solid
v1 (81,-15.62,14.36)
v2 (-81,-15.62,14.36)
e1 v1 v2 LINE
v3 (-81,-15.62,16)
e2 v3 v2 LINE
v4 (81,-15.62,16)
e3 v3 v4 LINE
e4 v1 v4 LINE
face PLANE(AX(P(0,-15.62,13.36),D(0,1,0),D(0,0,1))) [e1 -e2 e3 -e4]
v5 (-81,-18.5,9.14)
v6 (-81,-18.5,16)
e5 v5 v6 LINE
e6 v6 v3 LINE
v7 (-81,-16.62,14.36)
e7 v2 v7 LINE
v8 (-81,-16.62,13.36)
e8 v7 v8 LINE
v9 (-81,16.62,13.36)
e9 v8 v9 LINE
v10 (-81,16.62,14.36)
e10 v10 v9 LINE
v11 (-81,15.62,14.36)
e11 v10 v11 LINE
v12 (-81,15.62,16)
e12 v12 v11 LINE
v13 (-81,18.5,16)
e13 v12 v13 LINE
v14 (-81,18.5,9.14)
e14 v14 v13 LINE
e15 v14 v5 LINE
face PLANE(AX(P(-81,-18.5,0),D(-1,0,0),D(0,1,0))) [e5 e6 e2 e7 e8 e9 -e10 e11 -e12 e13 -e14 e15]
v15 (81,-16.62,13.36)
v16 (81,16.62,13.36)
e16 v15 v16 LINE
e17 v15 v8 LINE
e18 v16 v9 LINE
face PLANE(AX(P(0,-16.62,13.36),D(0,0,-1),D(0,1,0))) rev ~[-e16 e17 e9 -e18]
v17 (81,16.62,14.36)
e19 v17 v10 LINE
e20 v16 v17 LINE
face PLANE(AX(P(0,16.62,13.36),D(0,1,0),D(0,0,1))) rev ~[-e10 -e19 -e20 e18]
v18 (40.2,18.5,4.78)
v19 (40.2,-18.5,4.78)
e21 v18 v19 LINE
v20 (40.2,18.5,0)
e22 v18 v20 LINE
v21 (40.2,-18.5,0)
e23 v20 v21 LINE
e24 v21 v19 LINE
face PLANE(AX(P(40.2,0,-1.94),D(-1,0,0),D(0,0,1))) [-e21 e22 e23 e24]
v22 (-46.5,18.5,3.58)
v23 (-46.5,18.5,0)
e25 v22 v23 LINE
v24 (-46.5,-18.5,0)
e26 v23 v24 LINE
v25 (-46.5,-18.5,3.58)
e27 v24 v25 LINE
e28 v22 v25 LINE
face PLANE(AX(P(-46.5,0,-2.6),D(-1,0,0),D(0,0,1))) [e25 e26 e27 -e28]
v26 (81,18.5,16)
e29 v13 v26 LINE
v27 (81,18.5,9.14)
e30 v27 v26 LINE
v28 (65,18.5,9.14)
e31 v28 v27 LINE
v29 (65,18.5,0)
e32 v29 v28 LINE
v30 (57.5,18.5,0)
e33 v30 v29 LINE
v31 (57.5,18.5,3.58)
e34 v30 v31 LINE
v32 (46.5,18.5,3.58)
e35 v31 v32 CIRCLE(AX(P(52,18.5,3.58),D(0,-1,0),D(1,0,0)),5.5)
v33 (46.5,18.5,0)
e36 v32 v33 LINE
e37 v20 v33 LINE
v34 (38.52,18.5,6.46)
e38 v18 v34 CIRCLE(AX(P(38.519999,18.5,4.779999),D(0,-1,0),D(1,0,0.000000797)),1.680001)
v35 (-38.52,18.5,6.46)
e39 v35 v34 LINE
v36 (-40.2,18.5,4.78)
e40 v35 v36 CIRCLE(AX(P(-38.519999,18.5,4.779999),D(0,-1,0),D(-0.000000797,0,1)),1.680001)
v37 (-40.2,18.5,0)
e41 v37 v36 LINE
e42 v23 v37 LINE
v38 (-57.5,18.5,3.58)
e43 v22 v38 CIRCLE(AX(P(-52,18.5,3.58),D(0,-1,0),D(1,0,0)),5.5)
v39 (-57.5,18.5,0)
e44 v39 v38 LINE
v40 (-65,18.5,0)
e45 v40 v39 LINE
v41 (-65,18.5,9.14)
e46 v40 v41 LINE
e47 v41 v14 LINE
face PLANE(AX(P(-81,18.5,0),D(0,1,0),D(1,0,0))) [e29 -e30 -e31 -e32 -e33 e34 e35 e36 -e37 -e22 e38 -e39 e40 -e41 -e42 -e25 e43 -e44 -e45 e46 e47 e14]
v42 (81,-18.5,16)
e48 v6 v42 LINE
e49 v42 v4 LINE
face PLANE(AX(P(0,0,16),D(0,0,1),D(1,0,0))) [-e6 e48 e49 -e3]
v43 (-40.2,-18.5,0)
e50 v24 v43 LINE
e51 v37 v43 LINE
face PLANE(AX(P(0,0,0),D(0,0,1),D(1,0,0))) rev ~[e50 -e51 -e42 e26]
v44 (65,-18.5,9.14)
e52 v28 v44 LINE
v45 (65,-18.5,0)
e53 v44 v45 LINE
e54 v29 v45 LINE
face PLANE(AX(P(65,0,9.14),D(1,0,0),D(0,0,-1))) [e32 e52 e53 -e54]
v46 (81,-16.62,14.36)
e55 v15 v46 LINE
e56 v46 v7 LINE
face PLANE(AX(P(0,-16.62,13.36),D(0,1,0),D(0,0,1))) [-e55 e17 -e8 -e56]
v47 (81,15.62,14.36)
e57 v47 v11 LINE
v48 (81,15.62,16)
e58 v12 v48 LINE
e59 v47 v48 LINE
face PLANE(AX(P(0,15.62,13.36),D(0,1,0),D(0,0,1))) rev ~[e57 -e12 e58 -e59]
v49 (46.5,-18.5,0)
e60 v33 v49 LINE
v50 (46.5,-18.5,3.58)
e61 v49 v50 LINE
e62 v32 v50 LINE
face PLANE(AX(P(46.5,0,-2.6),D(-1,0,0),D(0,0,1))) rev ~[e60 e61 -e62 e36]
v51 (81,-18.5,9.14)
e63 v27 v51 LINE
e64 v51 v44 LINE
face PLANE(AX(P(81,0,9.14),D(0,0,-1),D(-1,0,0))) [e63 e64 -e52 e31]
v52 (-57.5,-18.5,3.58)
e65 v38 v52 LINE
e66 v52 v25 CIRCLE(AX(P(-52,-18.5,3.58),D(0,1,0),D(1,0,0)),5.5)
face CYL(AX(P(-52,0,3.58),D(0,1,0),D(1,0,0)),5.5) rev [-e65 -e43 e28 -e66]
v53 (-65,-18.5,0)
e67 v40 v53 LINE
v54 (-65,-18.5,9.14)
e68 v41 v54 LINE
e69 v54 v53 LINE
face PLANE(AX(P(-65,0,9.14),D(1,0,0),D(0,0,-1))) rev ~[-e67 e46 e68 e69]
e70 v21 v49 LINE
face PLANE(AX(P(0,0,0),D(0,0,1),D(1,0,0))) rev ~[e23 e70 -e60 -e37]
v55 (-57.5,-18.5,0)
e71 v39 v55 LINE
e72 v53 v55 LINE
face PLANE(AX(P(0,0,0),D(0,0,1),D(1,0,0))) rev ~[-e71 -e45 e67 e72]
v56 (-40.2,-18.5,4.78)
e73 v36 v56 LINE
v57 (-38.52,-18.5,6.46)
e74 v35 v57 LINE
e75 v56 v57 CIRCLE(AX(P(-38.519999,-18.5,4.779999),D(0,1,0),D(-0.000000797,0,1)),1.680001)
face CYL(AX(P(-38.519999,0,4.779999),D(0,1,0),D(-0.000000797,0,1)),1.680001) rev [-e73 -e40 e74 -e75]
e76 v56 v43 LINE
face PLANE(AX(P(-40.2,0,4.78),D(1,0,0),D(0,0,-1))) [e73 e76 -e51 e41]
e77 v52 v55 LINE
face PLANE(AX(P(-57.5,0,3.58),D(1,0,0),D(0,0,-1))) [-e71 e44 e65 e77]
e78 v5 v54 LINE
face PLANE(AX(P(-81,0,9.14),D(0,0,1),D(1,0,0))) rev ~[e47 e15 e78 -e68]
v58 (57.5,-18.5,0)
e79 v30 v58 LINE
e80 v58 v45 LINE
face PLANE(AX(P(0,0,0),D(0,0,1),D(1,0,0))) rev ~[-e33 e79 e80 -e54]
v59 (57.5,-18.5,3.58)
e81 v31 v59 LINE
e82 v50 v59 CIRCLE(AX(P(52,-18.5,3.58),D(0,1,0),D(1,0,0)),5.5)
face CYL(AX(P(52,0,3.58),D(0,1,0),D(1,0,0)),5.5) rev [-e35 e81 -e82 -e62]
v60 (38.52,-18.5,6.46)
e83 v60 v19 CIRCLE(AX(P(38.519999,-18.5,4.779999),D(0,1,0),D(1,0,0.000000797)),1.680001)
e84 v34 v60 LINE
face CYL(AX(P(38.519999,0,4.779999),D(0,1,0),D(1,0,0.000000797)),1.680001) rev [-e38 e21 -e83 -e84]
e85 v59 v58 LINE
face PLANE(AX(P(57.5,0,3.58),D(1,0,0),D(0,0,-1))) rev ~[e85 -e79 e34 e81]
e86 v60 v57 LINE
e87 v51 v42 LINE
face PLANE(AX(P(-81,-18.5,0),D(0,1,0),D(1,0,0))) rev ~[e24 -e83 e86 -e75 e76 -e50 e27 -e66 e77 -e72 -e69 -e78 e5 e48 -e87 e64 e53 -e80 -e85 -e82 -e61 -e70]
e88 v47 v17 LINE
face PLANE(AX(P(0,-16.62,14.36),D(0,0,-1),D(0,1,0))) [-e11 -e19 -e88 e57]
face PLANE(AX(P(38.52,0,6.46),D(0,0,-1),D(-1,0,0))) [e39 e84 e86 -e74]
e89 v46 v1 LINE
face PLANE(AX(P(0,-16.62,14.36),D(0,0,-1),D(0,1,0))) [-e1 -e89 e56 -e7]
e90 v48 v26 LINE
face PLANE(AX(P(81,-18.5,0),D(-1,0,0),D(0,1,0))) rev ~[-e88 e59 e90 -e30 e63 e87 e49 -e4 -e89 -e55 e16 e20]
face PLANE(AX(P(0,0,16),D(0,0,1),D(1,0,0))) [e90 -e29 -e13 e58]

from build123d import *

# Parameters (mm, degrees)
SKETCH_W             = 162
SKETCH_H             = 37
PAD_DEPTH            = 16
POCKET_DEPTH         = 18.501
POCKET_DEPTH_BACK    = -18.501
POCKET001_DEPTH      = 18.501
POCKET001_DEPTH_BACK = -18.501
POCKET002_DEPTH      = 18.501
POCKET002_DEPTH_BACK = -18.501
POCKET003_DEPTH      = 18.501
POCKET003_DEPTH_BACK = -18.501
POCKET004_DEPTH      = 18.501
POCKET004_DEPTH_BACK = -18.501
SKETCH004_W          = 31.24
SKETCH004_H          = 3.92
POCKET005_DEPTH      = 81.001
POCKET005_DEPTH_BACK = -81.001
SKETCH005_W          = 33.24
SKETCH005_H          = 1
POCKET006_DEPTH      = 81.001
POCKET006_DEPTH_BACK = -81.001


with BuildPart() as part:
    # Sketch → Pad (new body)
    with BuildSketch(Plane.XY):
        Rectangle(SKETCH_W, SKETCH_H)
    extrude(amount=PAD_DEPTH)

    # Sketch001 → Pocket (cut, two sides)
    with BuildSketch(Plane.XZ) as pocket_sk:
        Polygon((81, 16), (81, 9.14), (65, 9.14), (65, -1.45), (83.75, -1.45), (83.75, 16), align=None)
    extrude(amount=-POCKET_DEPTH, mode=Mode.SUBTRACT)
    extrude(pocket_sk.sketch, amount=-POCKET_DEPTH_BACK, mode=Mode.SUBTRACT)

    # MirroredSketch → Pocket001 (cut, two sides)
    with BuildSketch(Plane.XZ) as pocket001_sk:
        Polygon((-81, 16), (-81, 9.14), (-65, 9.14), (-65, -1.45), (-83.75, -1.45), (-83.75, 16), align=None)
    extrude(amount=-POCKET001_DEPTH, mode=Mode.SUBTRACT)
    extrude(pocket001_sk.sketch, amount=-POCKET001_DEPTH_BACK, mode=Mode.SUBTRACT)

    # Sketch002 → Pocket002 (cut, two sides)
    with BuildSketch(Plane.XZ) as pocket002_sk:
        with BuildLine():
            Line((57.5, 3.58), (57.5, -2.6))
            Line((57.5, -2.6), (46.5, -2.6))
            Line((46.5, -2.6), (46.5, 3.58))
            ThreePointArc((57.5, 3.58), (52, 9.08), (46.5, 3.58))
        make_face()
    extrude(amount=-POCKET002_DEPTH, mode=Mode.SUBTRACT)
    extrude(pocket002_sk.sketch, amount=-POCKET002_DEPTH_BACK, mode=Mode.SUBTRACT)

    # MirroredSketch001 → Pocket003 (cut, two sides)
    with BuildSketch(Plane.XZ) as pocket003_sk:
        with BuildLine():
            Line((-57.5, 3.58), (-57.5, -2.6))
            Line((-57.5, -2.6), (-46.5, -2.6))
            Line((-46.5, -2.6), (-46.5, 3.58))
            ThreePointArc((-46.5, 3.58), (-52, 9.08), (-57.5, 3.58))
        make_face()
    extrude(amount=-POCKET003_DEPTH, mode=Mode.SUBTRACT)
    extrude(pocket003_sk.sketch, amount=-POCKET003_DEPTH_BACK, mode=Mode.SUBTRACT)

    # Sketch003 → Pocket004 (cut, two sides)
    with BuildSketch(Plane.XZ) as pocket004_sk:
        with BuildLine():
            Line((-40.2, 4.78), (-40.2, -1.94))
            Line((-40.2, -1.94), (40.2, -1.94))
            Line((40.2, -1.94), (40.2, 4.78))
            ThreePointArc((40.2, 4.78), (39.707939, 5.967939), (38.52, 6.46))
            Line((38.52, 6.46), (-38.52, 6.46))
            ThreePointArc((-38.52, 6.46), (-39.707939, 5.967939), (-40.2, 4.78))
        make_face()
    extrude(amount=-POCKET004_DEPTH, mode=Mode.SUBTRACT)
    extrude(pocket004_sk.sketch, amount=-POCKET004_DEPTH_BACK, mode=Mode.SUBTRACT)

    # Sketch004 → Pocket005 (cut, two sides)
    with BuildSketch(Plane.YZ) as pocket005_sk:
        with Locations((0, 15.32)):
            Rectangle(SKETCH004_W, SKETCH004_H)
    extrude(amount=-POCKET005_DEPTH, mode=Mode.SUBTRACT)
    extrude(pocket005_sk.sketch, amount=-POCKET005_DEPTH_BACK, mode=Mode.SUBTRACT)

    # Sketch005 → Pocket006 (cut, two sides)
    with BuildSketch(Plane.YZ) as pocket006_sk:
        with Locations((0, 13.86)):
            Rectangle(SKETCH005_W, SKETCH005_H)
    extrude(amount=-POCKET006_DEPTH, mode=Mode.SUBTRACT)
    extrude(pocket006_sk.sketch, amount=-POCKET006_DEPTH_BACK, mode=Mode.SUBTRACT)


solid = part.part
